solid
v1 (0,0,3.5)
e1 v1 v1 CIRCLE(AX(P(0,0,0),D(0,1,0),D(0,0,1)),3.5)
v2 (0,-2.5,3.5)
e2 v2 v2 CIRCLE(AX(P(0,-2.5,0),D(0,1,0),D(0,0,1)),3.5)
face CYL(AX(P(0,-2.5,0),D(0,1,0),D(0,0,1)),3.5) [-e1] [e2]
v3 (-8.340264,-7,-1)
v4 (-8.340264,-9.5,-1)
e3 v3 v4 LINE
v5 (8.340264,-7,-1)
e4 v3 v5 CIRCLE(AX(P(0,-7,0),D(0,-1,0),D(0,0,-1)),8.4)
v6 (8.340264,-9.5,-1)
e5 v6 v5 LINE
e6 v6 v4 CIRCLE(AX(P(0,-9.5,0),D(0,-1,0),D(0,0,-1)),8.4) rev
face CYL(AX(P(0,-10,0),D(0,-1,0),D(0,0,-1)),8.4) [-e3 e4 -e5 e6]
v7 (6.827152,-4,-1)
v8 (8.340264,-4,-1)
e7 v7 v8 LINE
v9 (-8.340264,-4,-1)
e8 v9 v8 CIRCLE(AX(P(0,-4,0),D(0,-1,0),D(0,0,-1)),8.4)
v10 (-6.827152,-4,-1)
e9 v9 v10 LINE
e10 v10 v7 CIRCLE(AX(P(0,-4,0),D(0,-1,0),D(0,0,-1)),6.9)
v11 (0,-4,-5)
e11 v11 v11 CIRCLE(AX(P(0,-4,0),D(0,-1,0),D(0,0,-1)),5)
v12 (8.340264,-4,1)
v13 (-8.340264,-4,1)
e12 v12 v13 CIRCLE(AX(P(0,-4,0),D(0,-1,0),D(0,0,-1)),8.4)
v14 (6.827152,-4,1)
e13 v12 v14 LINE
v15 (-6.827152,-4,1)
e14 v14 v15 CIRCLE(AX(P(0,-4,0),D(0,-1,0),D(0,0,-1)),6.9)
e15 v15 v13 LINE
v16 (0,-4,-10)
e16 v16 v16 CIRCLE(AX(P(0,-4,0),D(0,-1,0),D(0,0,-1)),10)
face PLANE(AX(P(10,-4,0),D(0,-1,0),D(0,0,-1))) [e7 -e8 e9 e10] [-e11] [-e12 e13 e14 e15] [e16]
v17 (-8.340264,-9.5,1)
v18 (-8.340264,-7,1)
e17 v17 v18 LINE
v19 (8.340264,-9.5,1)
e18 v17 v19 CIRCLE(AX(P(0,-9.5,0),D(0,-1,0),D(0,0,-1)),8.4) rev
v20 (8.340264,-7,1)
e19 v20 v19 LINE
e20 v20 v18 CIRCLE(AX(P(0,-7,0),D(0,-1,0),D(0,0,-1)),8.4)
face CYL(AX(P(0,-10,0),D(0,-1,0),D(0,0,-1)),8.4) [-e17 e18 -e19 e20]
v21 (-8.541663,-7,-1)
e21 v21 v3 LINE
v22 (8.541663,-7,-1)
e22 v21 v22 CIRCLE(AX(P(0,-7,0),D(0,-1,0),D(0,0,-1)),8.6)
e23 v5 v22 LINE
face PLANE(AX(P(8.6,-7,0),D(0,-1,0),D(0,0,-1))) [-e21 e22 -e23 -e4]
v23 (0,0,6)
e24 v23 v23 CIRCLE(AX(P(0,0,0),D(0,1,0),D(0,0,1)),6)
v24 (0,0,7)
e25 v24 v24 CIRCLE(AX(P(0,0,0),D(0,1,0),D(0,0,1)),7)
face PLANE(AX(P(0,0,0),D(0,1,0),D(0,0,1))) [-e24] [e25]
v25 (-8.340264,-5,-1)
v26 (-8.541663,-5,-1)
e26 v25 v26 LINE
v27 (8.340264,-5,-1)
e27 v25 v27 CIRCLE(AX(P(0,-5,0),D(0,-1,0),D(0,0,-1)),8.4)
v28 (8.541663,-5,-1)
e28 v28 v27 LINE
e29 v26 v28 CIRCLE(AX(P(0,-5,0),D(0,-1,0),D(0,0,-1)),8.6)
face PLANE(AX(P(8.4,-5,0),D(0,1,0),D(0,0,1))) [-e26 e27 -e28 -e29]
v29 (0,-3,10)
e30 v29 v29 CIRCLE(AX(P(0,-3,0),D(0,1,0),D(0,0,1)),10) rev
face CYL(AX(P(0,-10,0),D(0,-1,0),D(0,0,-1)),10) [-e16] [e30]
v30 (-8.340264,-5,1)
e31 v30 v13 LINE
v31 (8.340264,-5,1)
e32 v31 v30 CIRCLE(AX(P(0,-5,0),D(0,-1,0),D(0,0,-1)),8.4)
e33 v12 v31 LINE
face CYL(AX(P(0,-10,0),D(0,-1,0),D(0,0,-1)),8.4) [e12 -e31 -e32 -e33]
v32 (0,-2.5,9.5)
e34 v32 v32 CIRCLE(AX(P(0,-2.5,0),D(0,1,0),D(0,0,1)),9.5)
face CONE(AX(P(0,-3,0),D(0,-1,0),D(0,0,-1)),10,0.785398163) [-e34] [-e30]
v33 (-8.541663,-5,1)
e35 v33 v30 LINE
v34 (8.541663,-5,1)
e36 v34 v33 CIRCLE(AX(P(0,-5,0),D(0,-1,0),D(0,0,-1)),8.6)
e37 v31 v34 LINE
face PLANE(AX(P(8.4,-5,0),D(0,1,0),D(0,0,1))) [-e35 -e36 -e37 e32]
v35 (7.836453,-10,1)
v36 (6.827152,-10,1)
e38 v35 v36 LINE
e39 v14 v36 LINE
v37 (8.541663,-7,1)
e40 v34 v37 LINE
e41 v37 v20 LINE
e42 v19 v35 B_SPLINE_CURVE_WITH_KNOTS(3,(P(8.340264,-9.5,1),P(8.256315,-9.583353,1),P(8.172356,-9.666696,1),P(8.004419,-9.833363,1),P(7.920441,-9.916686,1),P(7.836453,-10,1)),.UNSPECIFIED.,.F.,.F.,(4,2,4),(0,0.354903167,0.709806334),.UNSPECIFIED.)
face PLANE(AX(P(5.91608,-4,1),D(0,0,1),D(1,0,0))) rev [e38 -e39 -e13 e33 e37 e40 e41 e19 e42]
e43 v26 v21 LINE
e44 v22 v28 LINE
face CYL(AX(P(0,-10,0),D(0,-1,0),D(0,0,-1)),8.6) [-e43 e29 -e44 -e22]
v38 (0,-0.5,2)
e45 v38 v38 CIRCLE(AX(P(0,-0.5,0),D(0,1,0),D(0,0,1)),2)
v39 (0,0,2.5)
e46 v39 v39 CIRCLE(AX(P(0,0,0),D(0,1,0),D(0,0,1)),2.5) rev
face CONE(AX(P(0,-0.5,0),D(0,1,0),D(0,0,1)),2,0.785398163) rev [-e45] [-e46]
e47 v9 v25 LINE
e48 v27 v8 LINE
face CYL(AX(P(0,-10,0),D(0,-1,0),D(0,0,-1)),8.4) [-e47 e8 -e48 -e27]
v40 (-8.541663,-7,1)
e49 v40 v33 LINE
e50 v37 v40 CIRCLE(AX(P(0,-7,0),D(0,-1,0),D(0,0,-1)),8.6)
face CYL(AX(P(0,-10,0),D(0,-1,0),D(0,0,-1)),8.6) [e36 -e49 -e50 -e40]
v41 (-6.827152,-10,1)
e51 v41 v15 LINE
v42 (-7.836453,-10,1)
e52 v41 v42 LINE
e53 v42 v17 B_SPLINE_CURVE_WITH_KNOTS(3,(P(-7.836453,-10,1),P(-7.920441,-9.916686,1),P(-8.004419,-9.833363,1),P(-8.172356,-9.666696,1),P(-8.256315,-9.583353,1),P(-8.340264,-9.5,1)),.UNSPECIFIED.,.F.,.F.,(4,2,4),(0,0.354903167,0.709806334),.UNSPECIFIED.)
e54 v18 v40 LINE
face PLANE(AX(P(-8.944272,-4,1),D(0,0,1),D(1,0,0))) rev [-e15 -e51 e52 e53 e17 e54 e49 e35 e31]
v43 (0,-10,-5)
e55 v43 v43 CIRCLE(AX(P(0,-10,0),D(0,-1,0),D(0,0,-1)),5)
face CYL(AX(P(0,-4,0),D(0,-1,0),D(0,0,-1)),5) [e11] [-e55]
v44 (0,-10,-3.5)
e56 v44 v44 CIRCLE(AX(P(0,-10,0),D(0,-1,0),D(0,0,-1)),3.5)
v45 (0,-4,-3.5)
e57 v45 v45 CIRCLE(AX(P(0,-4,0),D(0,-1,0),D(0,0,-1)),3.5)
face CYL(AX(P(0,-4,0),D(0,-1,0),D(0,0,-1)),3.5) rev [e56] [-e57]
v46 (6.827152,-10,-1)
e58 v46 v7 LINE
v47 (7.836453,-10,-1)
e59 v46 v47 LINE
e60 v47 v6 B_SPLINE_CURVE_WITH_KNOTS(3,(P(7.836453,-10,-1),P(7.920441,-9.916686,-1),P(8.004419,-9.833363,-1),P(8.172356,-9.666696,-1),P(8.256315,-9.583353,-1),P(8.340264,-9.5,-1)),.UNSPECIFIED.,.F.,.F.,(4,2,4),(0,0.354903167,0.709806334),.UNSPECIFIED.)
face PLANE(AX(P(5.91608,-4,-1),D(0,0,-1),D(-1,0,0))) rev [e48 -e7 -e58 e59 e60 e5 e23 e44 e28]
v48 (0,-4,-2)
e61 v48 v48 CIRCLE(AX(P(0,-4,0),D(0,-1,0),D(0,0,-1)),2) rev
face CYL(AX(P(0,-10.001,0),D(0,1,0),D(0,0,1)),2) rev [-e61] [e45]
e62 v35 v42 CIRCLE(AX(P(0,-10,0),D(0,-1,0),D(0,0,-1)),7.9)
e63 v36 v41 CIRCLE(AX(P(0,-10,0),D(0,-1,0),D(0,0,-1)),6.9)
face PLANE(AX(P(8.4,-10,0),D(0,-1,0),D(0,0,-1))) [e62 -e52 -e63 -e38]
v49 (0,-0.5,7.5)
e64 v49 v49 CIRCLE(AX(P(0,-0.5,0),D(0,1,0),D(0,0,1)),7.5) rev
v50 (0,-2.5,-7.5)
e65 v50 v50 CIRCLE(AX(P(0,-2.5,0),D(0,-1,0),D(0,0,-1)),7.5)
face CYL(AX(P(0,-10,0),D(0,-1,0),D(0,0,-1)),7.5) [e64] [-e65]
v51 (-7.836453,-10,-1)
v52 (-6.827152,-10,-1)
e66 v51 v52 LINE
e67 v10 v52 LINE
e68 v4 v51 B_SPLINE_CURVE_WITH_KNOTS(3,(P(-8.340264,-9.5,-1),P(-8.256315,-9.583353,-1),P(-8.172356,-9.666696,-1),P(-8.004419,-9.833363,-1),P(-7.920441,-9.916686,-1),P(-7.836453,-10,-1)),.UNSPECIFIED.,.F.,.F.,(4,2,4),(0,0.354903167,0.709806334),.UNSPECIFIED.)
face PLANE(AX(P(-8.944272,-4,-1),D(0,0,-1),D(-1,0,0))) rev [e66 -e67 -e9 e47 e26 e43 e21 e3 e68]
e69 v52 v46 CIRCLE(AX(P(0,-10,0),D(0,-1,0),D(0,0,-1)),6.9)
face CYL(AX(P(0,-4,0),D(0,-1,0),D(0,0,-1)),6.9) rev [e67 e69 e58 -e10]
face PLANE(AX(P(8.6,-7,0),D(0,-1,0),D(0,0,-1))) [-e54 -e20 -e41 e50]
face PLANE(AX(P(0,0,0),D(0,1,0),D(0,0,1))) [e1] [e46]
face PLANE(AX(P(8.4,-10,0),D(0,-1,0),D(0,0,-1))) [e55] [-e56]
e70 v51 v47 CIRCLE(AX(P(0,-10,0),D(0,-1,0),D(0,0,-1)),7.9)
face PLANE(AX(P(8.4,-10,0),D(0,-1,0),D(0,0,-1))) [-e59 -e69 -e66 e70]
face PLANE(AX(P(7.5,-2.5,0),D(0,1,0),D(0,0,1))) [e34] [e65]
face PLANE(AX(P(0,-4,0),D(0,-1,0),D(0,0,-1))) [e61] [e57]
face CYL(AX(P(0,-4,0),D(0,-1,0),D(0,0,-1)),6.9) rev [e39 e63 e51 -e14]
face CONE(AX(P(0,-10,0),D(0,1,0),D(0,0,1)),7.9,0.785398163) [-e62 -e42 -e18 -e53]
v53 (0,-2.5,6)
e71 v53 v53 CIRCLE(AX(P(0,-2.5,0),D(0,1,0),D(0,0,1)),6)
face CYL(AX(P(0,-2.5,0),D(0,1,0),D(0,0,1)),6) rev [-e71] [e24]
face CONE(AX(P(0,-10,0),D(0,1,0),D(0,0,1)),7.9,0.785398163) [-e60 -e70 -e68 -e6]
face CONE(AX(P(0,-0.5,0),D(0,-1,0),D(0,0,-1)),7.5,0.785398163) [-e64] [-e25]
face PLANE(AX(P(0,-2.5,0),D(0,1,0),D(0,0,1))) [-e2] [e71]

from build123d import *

# Parameters (mm, degrees)
SKETCH_2_R          = 6
SKETCH_2_R_2        = 3.5
CUT_EXTRUDE_1_DEPTH = 2.5
SKETCH_3_R          = 6.9
SKETCH_3_R_2        = 5
CUT_EXTRUDE_2_DEPTH = 6
CUT_EXTRUDE_START   = -6
SKETCH_4_R          = 3.5
CUT_EXTRUDE_3_DEPTH = 6
CUT_EXTRUDE_4_REACH = 19.321
SKETCH_5_R          = 2
CUT_EXTRUDE_5_DEPTH = 6
CHAMFER_1_SIZE      = 0.5


with BuildPart() as part:
    # 草图1 → 旋转1 (revolve)
    with BuildSketch(Plane.XY, mode=Mode.PRIVATE) as revolve_1_sk:
        Polygon((0, 0), (7.5, 0), (7.5, -2.5), (10, -2.5), (10, -4), (8.4, -4), (8.4, -5), (8.6, -5), (8.6, -7), (8.4, -7), (8.4, -10), (0, -10), align=None)
    revolve(revolve_1_sk.sketch.rotate(Axis((0, -10, 0), (0, 1, 0)), 90), axis=Axis((0, -10, 0), (0, 1, 0)))

    # 草图2 → 切除-拉伸1 (cut)
    with BuildSketch(Plane(origin=(0, 0, 0), x_dir=(1, 0, 0), z_dir=(0, 1, 0))):
        with Locations(Location((0, 0, 0), (0, 0, 270))):
            Circle(SKETCH_2_R)
        with Locations(Location((0, 0, 0), (0, 0, 270))):
            Circle(SKETCH_2_R_2, mode=Mode.SUBTRACT)
    extrude(amount=-CUT_EXTRUDE_1_DEPTH, mode=Mode.SUBTRACT)

    # 草图3 → 切除-拉伸2 (cut)
    with BuildSketch(Plane.XZ.offset(10)):
        with Locations(Location((0, 0, 0), (0, 0, 270))):
            Circle(SKETCH_3_R)
        with Locations(Location((0, 0, 0), (0, 0, 270))):
            Circle(SKETCH_3_R_2, mode=Mode.SUBTRACT)
    extrude(amount=-CUT_EXTRUDE_2_DEPTH, mode=Mode.SUBTRACT)

    # 草图4 → 切除-拉伸3 (cut)
    with BuildSketch(Plane.XZ.offset(10).offset(CUT_EXTRUDE_START)):
        with Locations(Location((0, 0, 0), (0, 0, 90))):
            Circle(SKETCH_4_R)
    extrude(amount=CUT_EXTRUDE_3_DEPTH, mode=Mode.SUBTRACT)

    # 草图5 → 切除-拉伸4 (cut, up to next)
    with BuildSketch(Plane(origin=(0, 0, 0), x_dir=(1, 0, 0), z_dir=(0, 1, 0)), mode=Mode.PRIVATE) as cut_extrude_4_sk1:
        with Locations(Location((0, 0, 0), (0, 0, 270))):
            Circle(SKETCH_5_R)
    cut_extrude_4_tool1 = extrude(cut_extrude_4_sk1.sketch, amount=-CUT_EXTRUDE_4_REACH, mode=Mode.PRIVATE) & part.part
    add(cut_extrude_4_tool1.solids().sort_by_distance((0, 0, 0))[0], mode=Mode.SUBTRACT)

    # 草图6 → 切除-拉伸5 (cut)
    with BuildSketch(Plane.XZ.offset(10).offset(CUT_EXTRUDE_START)):
        with BuildLine():
            Line((-8.94427191, -1), (-5.916079783, -1))
            ThreePointArc((-5.916079783, -1), (-6, 0), (-5.916079783, 1))
            Line((-5.916079783, 1), (-8.94427191, 1))
            ThreePointArc((-8.94427191, 1), (-9, 0), (-8.94427191, -1))
        make_face()
        with BuildLine():
            Line((5.916079783, 1), (8.94427191, 1))
            ThreePointArc((8.94427191, 1), (9, 0), (8.94427191, -1))
            Line((8.94427191, -1), (5.916079783, -1))
            ThreePointArc((5.916079783, -1), (6, 0), (5.916079783, 1))
        make_face()
    extrude(amount=CUT_EXTRUDE_5_DEPTH, mode=Mode.SUBTRACT)

    # 倒角1
    chamfer_1_edges = [part.edges().sort_by_distance(p)[0] for p in [
        (0, -2.5, 10),
        (0, 0, 7.5),
        (0, 0, -2),
        (0, -10, -8.4),
        (0, -10, 8.4),
    ]]
    chamfer(chamfer_1_edges, length=CHAMFER_1_SIZE)


solid = part.part
